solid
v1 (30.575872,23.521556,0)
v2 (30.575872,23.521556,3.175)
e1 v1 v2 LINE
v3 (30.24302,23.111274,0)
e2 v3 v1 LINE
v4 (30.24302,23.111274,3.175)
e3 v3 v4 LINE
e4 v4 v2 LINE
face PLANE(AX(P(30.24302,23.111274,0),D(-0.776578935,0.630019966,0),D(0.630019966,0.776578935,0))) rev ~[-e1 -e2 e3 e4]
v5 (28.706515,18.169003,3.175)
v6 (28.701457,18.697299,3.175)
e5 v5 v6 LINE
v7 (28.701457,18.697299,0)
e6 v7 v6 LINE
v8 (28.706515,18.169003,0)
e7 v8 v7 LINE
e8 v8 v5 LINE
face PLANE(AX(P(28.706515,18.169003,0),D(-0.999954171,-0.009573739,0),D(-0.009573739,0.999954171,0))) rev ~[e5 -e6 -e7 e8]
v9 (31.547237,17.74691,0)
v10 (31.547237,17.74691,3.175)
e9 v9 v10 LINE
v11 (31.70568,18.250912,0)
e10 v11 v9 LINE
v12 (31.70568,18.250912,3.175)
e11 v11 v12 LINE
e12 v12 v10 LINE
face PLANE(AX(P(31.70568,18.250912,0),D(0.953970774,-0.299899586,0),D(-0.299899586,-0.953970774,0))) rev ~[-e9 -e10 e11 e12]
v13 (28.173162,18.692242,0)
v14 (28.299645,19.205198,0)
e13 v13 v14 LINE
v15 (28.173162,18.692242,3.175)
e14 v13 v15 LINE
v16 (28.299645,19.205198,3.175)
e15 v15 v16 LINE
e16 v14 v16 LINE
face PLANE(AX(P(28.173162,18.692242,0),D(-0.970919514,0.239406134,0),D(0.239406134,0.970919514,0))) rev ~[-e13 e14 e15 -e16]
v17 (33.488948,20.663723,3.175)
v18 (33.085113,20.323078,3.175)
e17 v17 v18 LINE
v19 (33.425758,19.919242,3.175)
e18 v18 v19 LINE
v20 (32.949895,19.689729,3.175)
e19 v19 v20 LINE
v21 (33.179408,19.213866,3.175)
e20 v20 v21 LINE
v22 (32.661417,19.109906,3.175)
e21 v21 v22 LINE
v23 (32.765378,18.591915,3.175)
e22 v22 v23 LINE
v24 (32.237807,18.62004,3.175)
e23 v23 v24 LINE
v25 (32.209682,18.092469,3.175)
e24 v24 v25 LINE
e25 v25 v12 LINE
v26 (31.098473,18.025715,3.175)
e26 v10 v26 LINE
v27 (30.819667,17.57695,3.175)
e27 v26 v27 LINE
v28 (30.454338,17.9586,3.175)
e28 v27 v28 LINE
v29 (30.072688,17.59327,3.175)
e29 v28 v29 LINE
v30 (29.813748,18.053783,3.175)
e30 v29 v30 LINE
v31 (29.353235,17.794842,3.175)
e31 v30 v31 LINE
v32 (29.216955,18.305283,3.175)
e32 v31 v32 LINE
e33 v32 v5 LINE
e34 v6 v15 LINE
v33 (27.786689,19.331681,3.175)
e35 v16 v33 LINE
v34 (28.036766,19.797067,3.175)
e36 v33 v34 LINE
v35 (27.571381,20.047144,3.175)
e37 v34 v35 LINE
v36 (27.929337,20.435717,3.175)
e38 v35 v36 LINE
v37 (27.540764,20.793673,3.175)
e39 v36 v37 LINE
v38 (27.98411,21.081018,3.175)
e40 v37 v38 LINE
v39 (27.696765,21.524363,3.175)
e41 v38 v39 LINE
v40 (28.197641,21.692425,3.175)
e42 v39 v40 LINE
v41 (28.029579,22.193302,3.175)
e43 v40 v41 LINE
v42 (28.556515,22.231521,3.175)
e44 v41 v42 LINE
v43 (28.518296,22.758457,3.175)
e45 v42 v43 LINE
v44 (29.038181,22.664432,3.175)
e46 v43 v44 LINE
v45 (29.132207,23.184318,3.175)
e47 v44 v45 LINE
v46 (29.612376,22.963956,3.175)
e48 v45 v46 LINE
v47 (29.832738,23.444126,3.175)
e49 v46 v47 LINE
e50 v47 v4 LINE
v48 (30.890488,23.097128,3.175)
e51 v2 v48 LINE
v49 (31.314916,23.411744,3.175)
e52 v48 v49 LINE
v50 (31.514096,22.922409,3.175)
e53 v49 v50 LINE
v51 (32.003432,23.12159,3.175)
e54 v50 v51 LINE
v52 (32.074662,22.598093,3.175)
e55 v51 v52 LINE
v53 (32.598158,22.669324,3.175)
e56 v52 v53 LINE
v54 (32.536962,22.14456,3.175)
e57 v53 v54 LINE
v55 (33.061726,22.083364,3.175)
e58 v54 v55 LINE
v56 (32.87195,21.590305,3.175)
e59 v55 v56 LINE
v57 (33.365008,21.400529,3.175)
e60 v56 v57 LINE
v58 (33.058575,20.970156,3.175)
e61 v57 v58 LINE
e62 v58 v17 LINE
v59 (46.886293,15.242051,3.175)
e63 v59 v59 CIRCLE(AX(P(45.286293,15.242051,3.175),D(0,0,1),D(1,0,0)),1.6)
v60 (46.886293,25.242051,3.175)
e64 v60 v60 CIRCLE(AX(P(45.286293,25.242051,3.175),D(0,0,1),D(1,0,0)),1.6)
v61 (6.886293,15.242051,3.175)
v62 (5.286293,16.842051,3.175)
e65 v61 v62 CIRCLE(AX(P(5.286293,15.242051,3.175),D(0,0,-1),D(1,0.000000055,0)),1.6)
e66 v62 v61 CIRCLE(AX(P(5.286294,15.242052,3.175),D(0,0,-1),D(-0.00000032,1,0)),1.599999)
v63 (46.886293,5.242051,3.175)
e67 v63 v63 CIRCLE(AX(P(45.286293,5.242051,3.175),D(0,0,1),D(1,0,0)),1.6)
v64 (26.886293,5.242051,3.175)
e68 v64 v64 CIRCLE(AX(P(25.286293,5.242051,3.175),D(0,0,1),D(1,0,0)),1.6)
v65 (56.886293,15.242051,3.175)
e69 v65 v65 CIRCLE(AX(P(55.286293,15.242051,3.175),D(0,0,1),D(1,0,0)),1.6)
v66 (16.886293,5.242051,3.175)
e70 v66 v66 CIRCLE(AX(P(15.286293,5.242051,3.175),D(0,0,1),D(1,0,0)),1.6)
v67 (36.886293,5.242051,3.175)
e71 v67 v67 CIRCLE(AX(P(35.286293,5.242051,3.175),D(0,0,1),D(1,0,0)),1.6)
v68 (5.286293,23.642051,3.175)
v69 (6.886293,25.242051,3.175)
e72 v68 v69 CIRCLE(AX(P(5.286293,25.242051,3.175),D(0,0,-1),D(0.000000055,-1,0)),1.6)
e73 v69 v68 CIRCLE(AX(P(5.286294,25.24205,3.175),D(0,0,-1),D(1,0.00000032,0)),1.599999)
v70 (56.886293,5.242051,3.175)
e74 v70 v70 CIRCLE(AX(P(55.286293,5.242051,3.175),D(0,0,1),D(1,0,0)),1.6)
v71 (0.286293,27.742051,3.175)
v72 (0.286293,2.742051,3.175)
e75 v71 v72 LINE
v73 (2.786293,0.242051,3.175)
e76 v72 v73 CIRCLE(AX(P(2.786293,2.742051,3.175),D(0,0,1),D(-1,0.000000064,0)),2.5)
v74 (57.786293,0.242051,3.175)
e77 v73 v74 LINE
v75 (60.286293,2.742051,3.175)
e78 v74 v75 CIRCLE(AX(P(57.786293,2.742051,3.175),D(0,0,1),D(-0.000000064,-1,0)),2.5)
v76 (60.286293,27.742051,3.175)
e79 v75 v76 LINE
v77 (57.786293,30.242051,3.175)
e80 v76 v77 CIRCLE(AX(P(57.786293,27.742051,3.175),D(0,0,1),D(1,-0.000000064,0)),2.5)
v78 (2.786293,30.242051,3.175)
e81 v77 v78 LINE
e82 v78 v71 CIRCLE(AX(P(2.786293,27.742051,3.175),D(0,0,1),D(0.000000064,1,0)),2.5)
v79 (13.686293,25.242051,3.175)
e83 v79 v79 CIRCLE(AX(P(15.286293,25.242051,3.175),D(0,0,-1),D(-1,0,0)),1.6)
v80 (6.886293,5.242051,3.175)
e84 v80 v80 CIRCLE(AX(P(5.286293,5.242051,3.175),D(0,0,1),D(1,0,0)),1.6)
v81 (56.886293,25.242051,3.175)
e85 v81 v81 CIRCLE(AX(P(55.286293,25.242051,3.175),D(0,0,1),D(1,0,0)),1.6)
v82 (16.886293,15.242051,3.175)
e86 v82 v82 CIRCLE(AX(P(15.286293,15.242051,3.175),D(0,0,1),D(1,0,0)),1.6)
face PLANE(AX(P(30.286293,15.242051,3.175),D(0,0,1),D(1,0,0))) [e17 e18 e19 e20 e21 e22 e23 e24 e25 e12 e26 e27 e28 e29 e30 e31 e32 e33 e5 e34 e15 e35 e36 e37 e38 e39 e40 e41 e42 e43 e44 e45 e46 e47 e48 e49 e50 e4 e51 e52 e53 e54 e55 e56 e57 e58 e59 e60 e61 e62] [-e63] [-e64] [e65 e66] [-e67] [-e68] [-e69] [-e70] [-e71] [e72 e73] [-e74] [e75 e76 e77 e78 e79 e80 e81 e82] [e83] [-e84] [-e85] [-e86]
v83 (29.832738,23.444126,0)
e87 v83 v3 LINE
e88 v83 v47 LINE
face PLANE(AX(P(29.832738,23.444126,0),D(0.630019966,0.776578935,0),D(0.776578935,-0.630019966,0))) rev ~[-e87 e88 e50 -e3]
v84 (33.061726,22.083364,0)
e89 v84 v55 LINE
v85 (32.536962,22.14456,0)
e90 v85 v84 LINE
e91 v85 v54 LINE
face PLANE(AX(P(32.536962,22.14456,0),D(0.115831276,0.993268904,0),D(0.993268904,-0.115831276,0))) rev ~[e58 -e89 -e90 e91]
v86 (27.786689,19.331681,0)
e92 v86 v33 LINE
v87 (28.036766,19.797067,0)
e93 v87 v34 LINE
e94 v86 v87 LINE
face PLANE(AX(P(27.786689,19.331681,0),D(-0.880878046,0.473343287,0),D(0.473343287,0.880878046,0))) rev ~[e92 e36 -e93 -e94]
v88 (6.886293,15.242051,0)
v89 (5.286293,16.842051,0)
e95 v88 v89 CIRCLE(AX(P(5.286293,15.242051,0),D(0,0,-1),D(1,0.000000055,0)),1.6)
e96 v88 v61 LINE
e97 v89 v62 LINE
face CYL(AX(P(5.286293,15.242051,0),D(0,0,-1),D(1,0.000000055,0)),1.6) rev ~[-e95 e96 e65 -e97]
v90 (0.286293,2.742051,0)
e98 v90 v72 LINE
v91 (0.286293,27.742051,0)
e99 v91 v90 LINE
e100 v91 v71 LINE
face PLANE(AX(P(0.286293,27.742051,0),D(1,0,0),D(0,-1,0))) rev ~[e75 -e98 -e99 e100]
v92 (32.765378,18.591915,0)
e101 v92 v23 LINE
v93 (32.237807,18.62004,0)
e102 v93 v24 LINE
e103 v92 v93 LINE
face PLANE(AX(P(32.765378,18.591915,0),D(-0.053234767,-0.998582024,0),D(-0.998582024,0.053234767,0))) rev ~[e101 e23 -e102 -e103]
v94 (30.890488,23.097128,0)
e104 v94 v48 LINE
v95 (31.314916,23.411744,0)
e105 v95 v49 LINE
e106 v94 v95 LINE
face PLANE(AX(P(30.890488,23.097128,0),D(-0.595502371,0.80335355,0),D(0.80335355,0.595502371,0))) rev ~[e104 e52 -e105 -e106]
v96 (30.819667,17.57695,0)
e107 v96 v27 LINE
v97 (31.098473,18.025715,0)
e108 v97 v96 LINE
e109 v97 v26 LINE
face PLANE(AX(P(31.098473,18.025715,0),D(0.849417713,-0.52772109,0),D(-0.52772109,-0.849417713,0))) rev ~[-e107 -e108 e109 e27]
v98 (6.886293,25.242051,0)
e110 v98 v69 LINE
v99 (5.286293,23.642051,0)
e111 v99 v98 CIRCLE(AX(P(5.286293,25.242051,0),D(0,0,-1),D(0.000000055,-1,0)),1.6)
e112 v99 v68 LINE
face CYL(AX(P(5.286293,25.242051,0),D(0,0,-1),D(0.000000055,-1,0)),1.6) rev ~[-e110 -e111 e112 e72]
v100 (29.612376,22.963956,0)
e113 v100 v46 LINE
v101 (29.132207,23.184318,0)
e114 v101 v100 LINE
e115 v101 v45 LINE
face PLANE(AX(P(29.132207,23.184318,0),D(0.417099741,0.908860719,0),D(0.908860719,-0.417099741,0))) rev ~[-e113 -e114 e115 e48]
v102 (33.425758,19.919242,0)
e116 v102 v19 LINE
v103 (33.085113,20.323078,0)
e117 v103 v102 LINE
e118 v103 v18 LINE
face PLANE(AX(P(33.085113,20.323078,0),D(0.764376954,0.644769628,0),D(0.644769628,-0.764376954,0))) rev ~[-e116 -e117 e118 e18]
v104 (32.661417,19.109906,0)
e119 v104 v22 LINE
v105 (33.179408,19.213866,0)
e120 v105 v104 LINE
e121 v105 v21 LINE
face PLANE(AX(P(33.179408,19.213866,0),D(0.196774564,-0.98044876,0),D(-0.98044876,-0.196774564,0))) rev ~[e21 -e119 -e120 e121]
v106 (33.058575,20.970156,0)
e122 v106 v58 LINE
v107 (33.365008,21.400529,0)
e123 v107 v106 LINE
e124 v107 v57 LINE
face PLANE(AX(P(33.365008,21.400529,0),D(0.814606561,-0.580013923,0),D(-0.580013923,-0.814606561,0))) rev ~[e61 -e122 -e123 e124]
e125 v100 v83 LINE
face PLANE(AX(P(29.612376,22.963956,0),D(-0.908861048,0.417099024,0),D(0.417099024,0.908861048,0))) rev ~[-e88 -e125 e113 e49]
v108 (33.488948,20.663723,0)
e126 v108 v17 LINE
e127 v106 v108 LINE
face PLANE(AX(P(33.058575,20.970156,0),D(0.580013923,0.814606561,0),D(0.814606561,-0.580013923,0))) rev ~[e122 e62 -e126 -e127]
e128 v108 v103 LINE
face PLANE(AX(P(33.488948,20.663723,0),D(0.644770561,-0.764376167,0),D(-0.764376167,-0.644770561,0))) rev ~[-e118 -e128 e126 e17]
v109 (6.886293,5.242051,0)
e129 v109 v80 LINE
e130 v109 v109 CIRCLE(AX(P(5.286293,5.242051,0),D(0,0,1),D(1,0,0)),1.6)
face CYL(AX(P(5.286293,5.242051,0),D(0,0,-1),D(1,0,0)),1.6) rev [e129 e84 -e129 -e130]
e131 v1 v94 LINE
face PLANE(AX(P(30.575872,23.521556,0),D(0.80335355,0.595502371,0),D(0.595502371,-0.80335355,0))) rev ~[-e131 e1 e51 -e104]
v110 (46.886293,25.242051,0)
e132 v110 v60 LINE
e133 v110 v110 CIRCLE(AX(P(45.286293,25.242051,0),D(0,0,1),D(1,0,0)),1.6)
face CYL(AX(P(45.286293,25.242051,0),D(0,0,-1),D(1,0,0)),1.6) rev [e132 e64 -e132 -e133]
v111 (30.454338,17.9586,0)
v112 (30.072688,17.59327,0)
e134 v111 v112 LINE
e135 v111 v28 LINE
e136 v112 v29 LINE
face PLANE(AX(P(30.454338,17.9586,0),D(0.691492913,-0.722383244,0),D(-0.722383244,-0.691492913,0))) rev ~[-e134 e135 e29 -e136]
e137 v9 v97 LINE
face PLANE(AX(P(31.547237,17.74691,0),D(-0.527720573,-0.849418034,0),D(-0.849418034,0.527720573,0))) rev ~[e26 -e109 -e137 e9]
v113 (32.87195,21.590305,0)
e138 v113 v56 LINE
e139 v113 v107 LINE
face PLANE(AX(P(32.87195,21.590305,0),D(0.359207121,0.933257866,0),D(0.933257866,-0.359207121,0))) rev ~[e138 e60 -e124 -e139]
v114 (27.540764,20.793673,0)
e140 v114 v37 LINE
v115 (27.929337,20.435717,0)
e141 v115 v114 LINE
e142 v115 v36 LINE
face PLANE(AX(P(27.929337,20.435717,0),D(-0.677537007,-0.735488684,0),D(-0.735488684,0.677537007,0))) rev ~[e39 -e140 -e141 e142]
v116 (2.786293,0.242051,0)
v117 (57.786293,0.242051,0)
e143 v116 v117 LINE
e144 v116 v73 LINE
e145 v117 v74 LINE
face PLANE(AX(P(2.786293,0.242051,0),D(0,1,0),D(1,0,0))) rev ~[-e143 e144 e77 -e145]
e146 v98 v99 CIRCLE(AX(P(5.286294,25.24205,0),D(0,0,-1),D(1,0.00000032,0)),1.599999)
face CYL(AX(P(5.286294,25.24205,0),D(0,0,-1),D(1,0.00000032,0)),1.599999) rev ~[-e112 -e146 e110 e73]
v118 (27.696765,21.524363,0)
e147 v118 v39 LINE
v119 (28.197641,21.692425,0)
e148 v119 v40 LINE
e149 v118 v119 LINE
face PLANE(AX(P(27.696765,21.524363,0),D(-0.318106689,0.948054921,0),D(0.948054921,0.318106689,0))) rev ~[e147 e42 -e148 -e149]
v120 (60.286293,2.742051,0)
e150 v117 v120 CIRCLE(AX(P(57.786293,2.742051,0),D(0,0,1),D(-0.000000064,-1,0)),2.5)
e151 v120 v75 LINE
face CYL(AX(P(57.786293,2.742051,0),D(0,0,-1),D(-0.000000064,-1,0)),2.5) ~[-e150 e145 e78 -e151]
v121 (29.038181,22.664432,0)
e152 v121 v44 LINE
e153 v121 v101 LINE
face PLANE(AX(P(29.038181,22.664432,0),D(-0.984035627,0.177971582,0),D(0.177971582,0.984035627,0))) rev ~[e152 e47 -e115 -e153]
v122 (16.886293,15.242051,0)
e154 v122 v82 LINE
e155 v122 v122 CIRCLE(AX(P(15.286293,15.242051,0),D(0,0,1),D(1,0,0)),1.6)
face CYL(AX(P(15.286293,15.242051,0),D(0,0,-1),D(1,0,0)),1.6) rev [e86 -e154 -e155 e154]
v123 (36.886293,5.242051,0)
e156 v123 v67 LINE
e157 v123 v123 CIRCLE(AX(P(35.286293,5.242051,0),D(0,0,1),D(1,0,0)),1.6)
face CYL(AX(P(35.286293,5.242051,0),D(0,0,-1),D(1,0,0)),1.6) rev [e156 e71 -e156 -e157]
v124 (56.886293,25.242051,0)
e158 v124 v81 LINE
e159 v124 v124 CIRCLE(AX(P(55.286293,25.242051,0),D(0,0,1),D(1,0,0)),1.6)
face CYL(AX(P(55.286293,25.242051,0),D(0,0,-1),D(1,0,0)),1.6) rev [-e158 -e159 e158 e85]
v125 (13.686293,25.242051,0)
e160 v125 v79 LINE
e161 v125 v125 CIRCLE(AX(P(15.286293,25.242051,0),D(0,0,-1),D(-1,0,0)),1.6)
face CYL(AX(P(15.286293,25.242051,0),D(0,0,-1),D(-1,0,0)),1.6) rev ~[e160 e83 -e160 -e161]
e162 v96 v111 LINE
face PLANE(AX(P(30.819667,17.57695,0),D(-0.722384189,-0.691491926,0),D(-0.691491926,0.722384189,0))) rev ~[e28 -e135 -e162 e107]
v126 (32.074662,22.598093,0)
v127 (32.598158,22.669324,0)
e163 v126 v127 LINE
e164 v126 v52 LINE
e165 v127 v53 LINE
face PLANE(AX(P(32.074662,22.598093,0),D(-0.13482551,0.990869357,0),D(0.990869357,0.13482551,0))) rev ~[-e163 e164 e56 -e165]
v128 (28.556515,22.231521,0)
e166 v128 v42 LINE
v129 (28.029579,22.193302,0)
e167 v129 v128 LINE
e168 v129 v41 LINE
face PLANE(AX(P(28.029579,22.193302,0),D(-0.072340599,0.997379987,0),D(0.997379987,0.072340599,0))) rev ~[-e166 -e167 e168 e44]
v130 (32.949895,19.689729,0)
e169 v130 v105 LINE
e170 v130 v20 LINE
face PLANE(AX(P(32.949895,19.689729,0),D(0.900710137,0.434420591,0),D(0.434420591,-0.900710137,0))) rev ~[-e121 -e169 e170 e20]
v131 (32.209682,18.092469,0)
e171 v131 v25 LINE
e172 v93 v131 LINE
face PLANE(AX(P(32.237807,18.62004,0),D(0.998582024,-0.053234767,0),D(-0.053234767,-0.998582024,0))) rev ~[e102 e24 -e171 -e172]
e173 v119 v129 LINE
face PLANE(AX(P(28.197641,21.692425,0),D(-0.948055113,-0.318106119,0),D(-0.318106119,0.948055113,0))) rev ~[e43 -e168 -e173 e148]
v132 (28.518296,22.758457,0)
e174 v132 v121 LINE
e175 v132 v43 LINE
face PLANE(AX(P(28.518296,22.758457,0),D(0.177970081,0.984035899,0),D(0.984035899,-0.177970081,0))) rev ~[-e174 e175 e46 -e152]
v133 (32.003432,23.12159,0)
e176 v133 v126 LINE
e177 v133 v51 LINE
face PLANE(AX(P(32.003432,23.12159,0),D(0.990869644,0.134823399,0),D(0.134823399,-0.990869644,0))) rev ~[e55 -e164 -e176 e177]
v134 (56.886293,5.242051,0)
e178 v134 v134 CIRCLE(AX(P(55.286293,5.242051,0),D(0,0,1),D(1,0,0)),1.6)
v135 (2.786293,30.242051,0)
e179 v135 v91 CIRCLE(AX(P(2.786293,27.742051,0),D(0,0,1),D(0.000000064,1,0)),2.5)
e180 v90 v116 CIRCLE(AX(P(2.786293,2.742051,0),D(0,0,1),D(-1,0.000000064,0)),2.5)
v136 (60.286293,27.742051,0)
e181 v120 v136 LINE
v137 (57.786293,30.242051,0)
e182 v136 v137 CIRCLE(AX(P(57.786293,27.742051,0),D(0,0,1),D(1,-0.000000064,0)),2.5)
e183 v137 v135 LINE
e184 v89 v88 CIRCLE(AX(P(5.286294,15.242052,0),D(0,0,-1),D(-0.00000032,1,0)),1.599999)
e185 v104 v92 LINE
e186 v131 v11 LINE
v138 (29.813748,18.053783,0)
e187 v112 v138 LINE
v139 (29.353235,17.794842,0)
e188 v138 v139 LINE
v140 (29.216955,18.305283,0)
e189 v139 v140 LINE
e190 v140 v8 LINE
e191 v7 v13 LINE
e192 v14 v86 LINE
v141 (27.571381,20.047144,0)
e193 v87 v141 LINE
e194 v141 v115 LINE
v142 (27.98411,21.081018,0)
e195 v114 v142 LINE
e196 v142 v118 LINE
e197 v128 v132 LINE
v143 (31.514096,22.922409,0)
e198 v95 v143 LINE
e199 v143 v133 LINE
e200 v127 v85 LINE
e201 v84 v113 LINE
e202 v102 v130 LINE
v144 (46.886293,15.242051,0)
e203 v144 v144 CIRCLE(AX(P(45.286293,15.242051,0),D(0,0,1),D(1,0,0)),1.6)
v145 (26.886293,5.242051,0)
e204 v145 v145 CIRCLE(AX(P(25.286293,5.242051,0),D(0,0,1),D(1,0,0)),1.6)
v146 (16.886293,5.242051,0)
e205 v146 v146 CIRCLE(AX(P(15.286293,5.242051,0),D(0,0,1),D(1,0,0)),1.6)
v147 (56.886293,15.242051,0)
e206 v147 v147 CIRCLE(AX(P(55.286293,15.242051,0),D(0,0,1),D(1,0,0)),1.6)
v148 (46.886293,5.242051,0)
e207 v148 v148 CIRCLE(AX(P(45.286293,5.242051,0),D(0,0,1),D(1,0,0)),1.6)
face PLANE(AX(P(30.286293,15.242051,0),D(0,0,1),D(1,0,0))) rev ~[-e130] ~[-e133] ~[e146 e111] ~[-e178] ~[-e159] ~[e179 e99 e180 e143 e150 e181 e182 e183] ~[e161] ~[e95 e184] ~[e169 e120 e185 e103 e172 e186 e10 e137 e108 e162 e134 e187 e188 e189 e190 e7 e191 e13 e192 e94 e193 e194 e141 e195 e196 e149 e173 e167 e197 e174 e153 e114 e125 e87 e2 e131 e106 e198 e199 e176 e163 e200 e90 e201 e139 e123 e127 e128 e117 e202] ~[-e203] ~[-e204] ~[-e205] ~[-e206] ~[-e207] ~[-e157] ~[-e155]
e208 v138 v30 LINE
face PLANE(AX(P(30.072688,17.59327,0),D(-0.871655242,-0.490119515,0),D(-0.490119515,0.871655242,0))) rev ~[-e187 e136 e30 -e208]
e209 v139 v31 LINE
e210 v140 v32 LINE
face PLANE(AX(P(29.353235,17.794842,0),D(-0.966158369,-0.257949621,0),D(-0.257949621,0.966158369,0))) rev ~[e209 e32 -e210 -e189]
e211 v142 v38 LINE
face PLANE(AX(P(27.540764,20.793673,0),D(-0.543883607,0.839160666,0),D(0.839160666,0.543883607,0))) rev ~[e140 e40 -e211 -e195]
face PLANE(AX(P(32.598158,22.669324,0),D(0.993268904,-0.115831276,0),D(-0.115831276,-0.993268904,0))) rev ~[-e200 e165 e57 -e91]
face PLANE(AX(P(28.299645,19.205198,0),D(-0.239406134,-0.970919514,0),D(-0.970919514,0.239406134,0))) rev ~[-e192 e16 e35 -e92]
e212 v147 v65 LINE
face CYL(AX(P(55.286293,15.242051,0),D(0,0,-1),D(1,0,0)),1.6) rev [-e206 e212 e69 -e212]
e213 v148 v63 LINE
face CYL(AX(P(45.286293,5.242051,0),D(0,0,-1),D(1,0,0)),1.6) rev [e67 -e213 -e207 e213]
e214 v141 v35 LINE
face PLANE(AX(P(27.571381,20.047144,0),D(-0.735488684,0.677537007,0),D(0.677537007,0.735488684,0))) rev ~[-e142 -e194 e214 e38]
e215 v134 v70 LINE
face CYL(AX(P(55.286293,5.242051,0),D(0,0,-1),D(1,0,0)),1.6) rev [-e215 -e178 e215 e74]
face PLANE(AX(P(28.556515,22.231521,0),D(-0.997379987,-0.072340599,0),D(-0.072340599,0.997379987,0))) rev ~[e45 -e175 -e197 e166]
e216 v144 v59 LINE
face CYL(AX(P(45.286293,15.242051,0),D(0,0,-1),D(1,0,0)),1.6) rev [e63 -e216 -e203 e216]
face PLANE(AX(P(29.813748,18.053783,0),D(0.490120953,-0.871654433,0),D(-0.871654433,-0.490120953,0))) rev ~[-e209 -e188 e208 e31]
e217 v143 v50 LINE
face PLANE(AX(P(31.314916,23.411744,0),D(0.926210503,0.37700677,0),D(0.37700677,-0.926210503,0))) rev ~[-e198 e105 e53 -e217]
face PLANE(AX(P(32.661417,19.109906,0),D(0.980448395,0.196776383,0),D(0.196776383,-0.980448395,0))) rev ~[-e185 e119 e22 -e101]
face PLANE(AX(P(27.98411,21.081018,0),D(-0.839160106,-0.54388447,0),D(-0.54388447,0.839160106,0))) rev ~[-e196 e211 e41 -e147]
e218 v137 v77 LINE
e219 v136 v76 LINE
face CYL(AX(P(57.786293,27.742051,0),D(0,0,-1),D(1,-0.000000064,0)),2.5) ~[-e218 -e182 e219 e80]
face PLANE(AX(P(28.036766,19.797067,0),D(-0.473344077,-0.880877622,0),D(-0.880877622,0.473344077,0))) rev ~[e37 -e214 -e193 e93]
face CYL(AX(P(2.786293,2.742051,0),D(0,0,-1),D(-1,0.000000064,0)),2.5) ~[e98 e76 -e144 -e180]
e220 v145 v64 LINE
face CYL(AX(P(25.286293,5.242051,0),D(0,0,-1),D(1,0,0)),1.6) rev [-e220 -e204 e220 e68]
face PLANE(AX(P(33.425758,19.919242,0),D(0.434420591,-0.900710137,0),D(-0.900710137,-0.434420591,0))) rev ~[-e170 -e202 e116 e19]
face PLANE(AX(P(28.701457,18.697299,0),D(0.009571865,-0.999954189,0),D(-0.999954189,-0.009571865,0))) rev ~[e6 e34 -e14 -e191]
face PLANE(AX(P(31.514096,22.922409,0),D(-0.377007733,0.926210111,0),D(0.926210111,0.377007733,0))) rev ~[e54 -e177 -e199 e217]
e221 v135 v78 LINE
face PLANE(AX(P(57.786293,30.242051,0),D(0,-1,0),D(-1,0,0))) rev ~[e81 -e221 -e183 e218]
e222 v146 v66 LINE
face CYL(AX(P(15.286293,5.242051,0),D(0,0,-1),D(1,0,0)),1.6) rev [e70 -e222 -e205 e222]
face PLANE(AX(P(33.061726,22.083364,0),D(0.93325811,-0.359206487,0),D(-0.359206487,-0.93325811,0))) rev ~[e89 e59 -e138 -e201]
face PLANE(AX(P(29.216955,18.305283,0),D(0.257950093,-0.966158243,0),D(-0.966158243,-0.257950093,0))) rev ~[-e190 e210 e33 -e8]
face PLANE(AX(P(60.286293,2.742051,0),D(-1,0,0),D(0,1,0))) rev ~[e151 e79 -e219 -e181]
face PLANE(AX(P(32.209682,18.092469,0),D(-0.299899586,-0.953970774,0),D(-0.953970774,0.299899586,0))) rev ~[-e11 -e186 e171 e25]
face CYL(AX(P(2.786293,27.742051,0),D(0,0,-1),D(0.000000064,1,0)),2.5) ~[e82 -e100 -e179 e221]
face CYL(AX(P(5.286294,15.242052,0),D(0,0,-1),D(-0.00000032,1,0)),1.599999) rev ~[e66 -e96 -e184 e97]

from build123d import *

# Parameters (mm, degrees)
F0_R     = 1.6
F1_DEPTH = 3.175


with BuildPart() as f1:
    # F0 (on Top) → F1 (new body)
    with BuildSketch(Plane.XY):
        with BuildLine():
            ThreePointArc((0.286293, 2.742051), (1.018526, 0.974284), (2.786293, 0.242051))
            Line((2.786293, 0.242051), (57.786293, 0.242051))
            ThreePointArc((57.786293, 0.242051), (59.55406, 0.974284), (60.286293, 2.742051))
            Line((60.286293, 2.742051), (60.286293, 27.742051))
            ThreePointArc((60.286293, 27.742051), (59.55406, 29.509818), (57.786293, 30.242051))
            Line((57.786293, 30.242051), (2.786293, 30.242051))
            ThreePointArc((2.786293, 30.242051), (1.018526, 29.509818), (0.286293, 27.742051))
            Line((0.286293, 27.742051), (0.286293, 2.742051))
        make_face()
        with Locations((5.286293, 5.242051)):
            Circle(F0_R, mode=Mode.SUBTRACT)
        with Locations((15.286293, 5.242051)):
            Circle(F0_R, mode=Mode.SUBTRACT)
        with Locations((25.286293, 5.242051)):
            Circle(F0_R, mode=Mode.SUBTRACT)
        with BuildLine():
            ThreePointArc((6.886293, 15.242051), (4.154922, 14.11068), (5.286293, 16.842051))
            ThreePointArc((5.286293, 16.842051), (6.417664, 16.373422), (6.886293, 15.242051))
        make_face(mode=Mode.SUBTRACT)
        with Locations((15.286293, 15.242051)):
            Circle(F0_R, mode=Mode.SUBTRACT)
        with Locations((35.286293, 5.242051)):
            Circle(F0_R, mode=Mode.SUBTRACT)
        with Locations((45.286293, 5.242051)):
            Circle(F0_R, mode=Mode.SUBTRACT)
        with Locations((55.286293, 5.242051)):
            Circle(F0_R, mode=Mode.SUBTRACT)
        with Locations((45.286293, 15.242051)):
            Circle(F0_R, mode=Mode.SUBTRACT)
        with Locations((55.286293, 15.242051)):
            Circle(F0_R, mode=Mode.SUBTRACT)
        with BuildLine():
            ThreePointArc((5.286293, 23.642051), (4.154922, 26.373422), (6.886293, 25.242051))
            ThreePointArc((6.886293, 25.242051), (6.417664, 24.11068), (5.286293, 23.642051))
        make_face(mode=Mode.SUBTRACT)
        with BuildLine():
            ThreePointArc((16.886293, 25.242051), (15.286293, 23.642051), (13.686293, 25.242051))
            ThreePointArc((13.686293, 25.242051), (15.286293, 26.842051), (16.886293, 25.242051))
        make_face(mode=Mode.SUBTRACT)
        Polygon((28.197641, 21.692425), (28.029579, 22.193302), (28.556515, 22.231521), (28.518296, 22.758457), (29.038181, 22.664432), (29.132207, 23.184318), (29.612376, 22.963956), (29.832738, 23.444126), (30.24302, 23.111274), (30.575872, 23.521556), (30.890488, 23.097128), (31.314916, 23.411744), (31.514096, 22.922409), (32.003432, 23.12159), (32.074662, 22.598093), (32.598158, 22.669324), (32.536962, 22.14456), (33.061726, 22.083364), (32.87195, 21.590305), (33.365008, 21.400529), (33.058575, 20.970156), (33.488948, 20.663723), (33.085113, 20.323078), (33.425758, 19.919242), (32.949895, 19.689729), (33.179408, 19.213866), (32.661417, 19.109906), (32.765378, 18.591915), (32.237807, 18.62004), (32.209682, 18.092469), (31.70568, 18.250912), (31.547237, 17.74691), (31.098473, 18.025715), (30.819667, 17.57695), (30.454338, 17.9586), (30.072688, 17.59327), (29.813748, 18.053783), (29.353235, 17.794842), (29.216955, 18.305283), (28.706515, 18.169003), (28.701457, 18.697299), (28.173162, 18.692242), (28.299645, 19.205198), (27.786689, 19.331681), (28.036766, 19.797067), (27.571381, 20.047144), (27.929337, 20.435717), (27.540764, 20.793673), (27.98411, 21.081018), (27.696765, 21.524363), align=None, mode=Mode.SUBTRACT)
        with Locations((45.286293, 25.242051)):
            Circle(F0_R, mode=Mode.SUBTRACT)
        with Locations((55.286293, 25.242051)):
            Circle(F0_R, mode=Mode.SUBTRACT)
    extrude(amount=F1_DEPTH)


solid = f1.part
